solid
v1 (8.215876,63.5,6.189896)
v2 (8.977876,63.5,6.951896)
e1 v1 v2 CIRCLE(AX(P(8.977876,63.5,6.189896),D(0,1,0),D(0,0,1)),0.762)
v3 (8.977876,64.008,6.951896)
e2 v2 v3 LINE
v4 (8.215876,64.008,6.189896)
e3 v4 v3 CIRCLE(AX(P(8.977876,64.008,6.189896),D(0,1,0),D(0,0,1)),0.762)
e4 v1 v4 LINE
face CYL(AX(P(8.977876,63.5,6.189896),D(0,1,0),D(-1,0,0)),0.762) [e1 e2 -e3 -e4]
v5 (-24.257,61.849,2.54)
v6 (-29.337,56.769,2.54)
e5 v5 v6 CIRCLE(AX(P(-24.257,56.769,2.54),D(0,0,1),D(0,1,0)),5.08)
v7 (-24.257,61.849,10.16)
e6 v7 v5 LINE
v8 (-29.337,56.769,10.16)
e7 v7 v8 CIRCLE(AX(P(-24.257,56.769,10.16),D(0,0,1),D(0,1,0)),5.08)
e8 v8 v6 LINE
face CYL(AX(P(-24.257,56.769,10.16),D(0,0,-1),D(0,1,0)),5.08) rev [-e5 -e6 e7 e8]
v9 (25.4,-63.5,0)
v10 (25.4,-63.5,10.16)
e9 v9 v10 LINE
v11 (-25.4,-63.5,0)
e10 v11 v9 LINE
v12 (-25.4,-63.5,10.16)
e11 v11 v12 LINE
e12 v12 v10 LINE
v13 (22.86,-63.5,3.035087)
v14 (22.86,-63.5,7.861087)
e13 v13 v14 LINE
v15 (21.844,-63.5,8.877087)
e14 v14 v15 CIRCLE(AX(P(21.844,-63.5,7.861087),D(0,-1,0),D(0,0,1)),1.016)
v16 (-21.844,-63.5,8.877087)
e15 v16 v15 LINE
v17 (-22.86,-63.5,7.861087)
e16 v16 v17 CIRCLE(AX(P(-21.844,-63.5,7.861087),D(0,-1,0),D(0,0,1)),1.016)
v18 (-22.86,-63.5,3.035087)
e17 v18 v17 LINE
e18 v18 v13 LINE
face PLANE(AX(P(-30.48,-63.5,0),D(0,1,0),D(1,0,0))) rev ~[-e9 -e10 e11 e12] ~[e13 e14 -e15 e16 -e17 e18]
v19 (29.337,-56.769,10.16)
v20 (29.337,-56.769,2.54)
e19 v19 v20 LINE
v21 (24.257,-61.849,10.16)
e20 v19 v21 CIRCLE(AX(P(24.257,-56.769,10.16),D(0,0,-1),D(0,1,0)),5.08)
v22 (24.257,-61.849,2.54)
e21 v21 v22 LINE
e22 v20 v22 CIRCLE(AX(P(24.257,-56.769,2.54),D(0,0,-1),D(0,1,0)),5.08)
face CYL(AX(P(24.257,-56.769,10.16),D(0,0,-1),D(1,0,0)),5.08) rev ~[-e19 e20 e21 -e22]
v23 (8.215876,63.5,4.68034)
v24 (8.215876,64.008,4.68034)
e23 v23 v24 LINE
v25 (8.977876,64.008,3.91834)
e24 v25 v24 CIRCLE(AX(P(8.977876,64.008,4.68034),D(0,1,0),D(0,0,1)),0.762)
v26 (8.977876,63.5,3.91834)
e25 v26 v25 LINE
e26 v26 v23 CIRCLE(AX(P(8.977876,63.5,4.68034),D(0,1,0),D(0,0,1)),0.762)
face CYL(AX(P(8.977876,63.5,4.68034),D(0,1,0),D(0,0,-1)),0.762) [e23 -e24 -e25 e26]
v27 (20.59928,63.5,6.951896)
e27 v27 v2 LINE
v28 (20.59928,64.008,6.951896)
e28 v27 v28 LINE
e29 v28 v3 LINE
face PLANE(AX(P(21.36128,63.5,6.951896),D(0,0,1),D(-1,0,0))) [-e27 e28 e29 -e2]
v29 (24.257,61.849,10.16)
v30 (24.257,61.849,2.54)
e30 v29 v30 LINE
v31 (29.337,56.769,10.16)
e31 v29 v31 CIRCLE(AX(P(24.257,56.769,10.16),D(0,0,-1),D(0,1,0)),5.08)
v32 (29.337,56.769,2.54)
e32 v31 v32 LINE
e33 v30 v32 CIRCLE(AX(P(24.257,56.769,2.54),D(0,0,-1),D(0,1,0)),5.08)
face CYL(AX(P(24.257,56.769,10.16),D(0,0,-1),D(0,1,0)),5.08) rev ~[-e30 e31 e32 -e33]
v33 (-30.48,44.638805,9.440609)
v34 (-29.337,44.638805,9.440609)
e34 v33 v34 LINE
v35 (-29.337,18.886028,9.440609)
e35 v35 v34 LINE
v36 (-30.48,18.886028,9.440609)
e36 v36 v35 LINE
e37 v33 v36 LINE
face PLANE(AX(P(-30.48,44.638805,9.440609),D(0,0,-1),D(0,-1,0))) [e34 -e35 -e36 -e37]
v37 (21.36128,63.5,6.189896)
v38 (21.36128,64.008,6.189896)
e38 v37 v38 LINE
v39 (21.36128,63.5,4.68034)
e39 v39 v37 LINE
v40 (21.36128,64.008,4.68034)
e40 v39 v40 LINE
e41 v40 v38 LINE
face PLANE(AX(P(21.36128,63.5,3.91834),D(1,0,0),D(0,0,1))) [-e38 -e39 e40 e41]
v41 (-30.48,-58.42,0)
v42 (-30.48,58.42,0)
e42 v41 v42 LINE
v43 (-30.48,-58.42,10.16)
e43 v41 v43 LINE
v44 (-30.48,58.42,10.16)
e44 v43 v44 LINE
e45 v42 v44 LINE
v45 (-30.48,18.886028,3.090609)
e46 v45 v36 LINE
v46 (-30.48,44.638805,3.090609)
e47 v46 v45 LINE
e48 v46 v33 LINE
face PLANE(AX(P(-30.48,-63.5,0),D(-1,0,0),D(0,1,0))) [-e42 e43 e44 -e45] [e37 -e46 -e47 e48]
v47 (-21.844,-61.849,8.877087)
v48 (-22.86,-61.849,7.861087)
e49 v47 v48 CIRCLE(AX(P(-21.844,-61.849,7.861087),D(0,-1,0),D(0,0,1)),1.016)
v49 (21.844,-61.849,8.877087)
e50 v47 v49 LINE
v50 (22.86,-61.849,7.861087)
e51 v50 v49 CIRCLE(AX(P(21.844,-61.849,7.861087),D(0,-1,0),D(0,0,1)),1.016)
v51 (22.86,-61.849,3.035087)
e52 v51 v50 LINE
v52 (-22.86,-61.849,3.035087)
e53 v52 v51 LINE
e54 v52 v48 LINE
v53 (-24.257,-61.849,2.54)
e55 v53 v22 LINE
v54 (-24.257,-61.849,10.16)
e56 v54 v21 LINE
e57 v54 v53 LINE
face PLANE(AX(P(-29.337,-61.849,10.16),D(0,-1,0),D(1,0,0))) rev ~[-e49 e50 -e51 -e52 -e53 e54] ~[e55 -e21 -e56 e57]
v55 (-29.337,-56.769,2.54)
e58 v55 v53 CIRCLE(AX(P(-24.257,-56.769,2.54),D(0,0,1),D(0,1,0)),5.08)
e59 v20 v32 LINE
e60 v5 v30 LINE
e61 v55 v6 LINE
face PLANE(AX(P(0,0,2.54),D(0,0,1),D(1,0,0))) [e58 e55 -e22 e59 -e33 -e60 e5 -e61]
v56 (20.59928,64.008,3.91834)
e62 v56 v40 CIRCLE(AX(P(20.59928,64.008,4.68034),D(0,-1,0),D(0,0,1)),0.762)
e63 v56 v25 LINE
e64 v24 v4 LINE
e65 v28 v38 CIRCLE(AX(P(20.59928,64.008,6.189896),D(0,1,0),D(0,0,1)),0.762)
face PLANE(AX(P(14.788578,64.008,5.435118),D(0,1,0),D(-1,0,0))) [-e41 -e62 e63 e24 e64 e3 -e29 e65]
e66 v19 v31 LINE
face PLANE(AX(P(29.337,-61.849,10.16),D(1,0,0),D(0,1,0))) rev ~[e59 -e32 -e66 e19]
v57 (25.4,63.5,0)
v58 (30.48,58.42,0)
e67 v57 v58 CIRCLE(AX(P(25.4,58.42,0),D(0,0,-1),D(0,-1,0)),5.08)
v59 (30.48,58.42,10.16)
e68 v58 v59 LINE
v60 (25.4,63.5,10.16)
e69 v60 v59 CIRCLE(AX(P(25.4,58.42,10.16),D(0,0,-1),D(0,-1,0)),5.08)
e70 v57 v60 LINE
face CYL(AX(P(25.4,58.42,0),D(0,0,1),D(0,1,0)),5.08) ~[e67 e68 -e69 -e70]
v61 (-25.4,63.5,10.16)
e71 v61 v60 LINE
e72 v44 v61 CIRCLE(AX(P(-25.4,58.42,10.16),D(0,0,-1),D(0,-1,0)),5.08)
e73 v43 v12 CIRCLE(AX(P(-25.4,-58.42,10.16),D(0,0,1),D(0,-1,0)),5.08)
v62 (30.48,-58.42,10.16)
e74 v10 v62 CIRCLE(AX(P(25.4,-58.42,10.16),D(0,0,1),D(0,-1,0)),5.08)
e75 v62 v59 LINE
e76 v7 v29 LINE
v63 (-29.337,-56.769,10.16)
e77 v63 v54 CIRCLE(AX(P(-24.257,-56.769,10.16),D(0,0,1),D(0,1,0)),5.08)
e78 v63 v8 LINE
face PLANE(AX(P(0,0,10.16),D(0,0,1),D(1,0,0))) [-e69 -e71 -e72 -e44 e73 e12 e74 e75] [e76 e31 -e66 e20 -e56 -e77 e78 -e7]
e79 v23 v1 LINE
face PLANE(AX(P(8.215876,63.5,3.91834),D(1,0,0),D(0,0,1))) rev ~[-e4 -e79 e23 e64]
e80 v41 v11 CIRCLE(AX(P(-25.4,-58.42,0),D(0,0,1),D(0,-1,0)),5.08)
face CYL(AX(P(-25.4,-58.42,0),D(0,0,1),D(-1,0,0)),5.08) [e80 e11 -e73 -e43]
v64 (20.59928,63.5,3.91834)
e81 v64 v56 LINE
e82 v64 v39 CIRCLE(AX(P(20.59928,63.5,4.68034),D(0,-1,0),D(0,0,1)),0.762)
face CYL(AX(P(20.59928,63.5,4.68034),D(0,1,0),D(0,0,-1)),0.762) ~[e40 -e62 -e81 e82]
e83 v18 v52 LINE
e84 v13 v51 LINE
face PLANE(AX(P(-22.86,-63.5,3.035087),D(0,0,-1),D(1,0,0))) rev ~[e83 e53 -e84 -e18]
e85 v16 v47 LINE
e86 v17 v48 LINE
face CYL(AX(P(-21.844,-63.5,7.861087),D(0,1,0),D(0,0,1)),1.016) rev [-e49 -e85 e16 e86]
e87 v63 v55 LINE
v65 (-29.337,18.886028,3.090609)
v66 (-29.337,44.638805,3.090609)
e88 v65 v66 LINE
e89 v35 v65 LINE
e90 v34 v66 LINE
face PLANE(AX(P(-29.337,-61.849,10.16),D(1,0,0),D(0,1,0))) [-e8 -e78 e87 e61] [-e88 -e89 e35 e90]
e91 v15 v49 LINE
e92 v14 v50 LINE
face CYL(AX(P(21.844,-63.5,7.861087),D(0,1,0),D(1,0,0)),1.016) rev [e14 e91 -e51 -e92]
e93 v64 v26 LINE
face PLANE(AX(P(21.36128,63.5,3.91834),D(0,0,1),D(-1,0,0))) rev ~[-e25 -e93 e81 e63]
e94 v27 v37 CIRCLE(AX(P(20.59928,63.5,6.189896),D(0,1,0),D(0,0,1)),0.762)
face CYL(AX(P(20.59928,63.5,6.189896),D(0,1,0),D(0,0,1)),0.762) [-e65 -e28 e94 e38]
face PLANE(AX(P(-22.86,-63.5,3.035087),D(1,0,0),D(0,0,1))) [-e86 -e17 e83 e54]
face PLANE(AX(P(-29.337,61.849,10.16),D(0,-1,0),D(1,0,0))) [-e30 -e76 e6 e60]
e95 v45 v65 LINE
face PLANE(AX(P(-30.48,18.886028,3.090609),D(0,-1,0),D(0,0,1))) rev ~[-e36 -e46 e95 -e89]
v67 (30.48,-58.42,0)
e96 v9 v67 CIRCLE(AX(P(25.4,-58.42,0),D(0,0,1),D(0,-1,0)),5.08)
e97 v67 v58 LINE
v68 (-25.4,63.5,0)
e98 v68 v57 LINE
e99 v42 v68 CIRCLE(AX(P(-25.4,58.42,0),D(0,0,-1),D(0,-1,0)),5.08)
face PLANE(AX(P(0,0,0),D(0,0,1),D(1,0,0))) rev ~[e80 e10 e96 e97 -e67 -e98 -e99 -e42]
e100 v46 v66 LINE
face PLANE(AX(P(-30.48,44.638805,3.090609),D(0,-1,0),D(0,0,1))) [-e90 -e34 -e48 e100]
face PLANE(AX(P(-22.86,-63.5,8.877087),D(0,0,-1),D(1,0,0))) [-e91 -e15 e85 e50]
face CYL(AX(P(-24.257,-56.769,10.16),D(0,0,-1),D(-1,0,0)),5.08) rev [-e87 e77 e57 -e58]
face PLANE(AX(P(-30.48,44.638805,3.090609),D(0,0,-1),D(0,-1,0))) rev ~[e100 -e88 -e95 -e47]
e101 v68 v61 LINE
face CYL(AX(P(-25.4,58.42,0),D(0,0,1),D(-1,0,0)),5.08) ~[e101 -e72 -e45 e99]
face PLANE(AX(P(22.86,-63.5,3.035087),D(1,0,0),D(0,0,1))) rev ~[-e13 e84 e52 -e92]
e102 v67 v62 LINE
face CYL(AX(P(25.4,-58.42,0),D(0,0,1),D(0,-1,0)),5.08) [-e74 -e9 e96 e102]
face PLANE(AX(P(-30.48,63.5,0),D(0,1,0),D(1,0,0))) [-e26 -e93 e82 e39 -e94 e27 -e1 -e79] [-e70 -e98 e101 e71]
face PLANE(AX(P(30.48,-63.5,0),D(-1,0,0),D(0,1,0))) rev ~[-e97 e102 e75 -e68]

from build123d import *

# Parameters (mm, degrees)
F0_W      = 60.96
F0_H      = 127
F1_DEPTH  = 10.16
F2_W      = 58.674
F2_H      = 123.698
F3_DEPTH  = 7.62
F4_R      = 5.08
F5_R      = 5.08
F6_W      = 45.72
F6_H      = 5.842
F7_DEPTH  = 25.4
F8_R      = 1.016
F9_W      = 25.752777
F9_H      = 6.35
F10_DEPTH = 25.4
F11_W     = 13.145404
F11_H     = 3.033555
F12_DEPTH = 0.508
F13_R     = 0.762


with BuildPart() as f1:
    # F0 (on Top) → F1 (new body)
    with BuildSketch(Plane.XY):
        Rectangle(F0_W, F0_H)
    extrude(amount=F1_DEPTH)

    # F2 (on face) → F3 (cut)
    with BuildSketch(Plane.XY.offset(10.16)):
        Rectangle(F2_W, F2_H)
    extrude(amount=-F3_DEPTH, mode=Mode.SUBTRACT)

    # F4
    f4_edges = [f1.edges().sort_by_distance(p)[0] for p in [
        (-29.337, 61.849, 6.35),
    ]]
    fillet(f4_edges, radius=F4_R)

    # F5
    f5_edges = [f1.edges().sort_by_distance(p)[0] for p in [
        (29.337, 61.849, 6.35),
        (29.337, -61.849, 6.35),
        (-29.337, -61.849, 6.35),
        (30.48, 63.5, 5.08),
        (-30.48, 63.5, 5.08),
        (-30.48, -63.5, 5.08),
        (30.48, -63.5, 5.08),
    ]]
    fillet(f5_edges, radius=F5_R)

    # F6 (on face) → F7 (cut)
    with BuildSketch(Plane.XZ.offset(63.5)):
        with Locations((0, 5.956087)):
            Rectangle(F6_W, F6_H)
    extrude(amount=-F7_DEPTH, mode=Mode.SUBTRACT)

    # F8
    f8_edges = [f1.edges().sort_by_distance(p)[0] for p in [
        (-22.86, -62.6745, 8.877087),
        (22.86, -62.6745, 8.877087),
    ]]
    fillet(f8_edges, radius=F8_R)

    # F9 (on face) → F10 (cut)
    with BuildSketch(Plane(origin=(-30.48, 0, 0), x_dir=(0, -1, 0), z_dir=(-1, 0, 0))):
        with Locations((-31.762417, 6.265609)):
            Rectangle(F9_W, F9_H)
    extrude(amount=-F10_DEPTH, mode=Mode.SUBTRACT)

    # F11 (on face) → F12 (join)
    with BuildSketch(Plane(origin=(0, 63.5, 0), x_dir=(-1, 0, 0), z_dir=(0, 1, 0))):
        with Locations((-14.788578, 5.435118)):
            Rectangle(F11_W, F11_H)
    extrude(amount=F12_DEPTH)

    # F13
    f13_edges = [f1.edges().sort_by_distance(p)[0] for p in [
        (8.215876, 63.754, 3.918341),
        (8.215876, 63.754, 6.951896),
        (21.36128, 63.754, 3.918341),
        (21.36128, 63.754, 6.951896),
    ]]
    fillet(f13_edges, radius=F13_R)


solid = f1.part
